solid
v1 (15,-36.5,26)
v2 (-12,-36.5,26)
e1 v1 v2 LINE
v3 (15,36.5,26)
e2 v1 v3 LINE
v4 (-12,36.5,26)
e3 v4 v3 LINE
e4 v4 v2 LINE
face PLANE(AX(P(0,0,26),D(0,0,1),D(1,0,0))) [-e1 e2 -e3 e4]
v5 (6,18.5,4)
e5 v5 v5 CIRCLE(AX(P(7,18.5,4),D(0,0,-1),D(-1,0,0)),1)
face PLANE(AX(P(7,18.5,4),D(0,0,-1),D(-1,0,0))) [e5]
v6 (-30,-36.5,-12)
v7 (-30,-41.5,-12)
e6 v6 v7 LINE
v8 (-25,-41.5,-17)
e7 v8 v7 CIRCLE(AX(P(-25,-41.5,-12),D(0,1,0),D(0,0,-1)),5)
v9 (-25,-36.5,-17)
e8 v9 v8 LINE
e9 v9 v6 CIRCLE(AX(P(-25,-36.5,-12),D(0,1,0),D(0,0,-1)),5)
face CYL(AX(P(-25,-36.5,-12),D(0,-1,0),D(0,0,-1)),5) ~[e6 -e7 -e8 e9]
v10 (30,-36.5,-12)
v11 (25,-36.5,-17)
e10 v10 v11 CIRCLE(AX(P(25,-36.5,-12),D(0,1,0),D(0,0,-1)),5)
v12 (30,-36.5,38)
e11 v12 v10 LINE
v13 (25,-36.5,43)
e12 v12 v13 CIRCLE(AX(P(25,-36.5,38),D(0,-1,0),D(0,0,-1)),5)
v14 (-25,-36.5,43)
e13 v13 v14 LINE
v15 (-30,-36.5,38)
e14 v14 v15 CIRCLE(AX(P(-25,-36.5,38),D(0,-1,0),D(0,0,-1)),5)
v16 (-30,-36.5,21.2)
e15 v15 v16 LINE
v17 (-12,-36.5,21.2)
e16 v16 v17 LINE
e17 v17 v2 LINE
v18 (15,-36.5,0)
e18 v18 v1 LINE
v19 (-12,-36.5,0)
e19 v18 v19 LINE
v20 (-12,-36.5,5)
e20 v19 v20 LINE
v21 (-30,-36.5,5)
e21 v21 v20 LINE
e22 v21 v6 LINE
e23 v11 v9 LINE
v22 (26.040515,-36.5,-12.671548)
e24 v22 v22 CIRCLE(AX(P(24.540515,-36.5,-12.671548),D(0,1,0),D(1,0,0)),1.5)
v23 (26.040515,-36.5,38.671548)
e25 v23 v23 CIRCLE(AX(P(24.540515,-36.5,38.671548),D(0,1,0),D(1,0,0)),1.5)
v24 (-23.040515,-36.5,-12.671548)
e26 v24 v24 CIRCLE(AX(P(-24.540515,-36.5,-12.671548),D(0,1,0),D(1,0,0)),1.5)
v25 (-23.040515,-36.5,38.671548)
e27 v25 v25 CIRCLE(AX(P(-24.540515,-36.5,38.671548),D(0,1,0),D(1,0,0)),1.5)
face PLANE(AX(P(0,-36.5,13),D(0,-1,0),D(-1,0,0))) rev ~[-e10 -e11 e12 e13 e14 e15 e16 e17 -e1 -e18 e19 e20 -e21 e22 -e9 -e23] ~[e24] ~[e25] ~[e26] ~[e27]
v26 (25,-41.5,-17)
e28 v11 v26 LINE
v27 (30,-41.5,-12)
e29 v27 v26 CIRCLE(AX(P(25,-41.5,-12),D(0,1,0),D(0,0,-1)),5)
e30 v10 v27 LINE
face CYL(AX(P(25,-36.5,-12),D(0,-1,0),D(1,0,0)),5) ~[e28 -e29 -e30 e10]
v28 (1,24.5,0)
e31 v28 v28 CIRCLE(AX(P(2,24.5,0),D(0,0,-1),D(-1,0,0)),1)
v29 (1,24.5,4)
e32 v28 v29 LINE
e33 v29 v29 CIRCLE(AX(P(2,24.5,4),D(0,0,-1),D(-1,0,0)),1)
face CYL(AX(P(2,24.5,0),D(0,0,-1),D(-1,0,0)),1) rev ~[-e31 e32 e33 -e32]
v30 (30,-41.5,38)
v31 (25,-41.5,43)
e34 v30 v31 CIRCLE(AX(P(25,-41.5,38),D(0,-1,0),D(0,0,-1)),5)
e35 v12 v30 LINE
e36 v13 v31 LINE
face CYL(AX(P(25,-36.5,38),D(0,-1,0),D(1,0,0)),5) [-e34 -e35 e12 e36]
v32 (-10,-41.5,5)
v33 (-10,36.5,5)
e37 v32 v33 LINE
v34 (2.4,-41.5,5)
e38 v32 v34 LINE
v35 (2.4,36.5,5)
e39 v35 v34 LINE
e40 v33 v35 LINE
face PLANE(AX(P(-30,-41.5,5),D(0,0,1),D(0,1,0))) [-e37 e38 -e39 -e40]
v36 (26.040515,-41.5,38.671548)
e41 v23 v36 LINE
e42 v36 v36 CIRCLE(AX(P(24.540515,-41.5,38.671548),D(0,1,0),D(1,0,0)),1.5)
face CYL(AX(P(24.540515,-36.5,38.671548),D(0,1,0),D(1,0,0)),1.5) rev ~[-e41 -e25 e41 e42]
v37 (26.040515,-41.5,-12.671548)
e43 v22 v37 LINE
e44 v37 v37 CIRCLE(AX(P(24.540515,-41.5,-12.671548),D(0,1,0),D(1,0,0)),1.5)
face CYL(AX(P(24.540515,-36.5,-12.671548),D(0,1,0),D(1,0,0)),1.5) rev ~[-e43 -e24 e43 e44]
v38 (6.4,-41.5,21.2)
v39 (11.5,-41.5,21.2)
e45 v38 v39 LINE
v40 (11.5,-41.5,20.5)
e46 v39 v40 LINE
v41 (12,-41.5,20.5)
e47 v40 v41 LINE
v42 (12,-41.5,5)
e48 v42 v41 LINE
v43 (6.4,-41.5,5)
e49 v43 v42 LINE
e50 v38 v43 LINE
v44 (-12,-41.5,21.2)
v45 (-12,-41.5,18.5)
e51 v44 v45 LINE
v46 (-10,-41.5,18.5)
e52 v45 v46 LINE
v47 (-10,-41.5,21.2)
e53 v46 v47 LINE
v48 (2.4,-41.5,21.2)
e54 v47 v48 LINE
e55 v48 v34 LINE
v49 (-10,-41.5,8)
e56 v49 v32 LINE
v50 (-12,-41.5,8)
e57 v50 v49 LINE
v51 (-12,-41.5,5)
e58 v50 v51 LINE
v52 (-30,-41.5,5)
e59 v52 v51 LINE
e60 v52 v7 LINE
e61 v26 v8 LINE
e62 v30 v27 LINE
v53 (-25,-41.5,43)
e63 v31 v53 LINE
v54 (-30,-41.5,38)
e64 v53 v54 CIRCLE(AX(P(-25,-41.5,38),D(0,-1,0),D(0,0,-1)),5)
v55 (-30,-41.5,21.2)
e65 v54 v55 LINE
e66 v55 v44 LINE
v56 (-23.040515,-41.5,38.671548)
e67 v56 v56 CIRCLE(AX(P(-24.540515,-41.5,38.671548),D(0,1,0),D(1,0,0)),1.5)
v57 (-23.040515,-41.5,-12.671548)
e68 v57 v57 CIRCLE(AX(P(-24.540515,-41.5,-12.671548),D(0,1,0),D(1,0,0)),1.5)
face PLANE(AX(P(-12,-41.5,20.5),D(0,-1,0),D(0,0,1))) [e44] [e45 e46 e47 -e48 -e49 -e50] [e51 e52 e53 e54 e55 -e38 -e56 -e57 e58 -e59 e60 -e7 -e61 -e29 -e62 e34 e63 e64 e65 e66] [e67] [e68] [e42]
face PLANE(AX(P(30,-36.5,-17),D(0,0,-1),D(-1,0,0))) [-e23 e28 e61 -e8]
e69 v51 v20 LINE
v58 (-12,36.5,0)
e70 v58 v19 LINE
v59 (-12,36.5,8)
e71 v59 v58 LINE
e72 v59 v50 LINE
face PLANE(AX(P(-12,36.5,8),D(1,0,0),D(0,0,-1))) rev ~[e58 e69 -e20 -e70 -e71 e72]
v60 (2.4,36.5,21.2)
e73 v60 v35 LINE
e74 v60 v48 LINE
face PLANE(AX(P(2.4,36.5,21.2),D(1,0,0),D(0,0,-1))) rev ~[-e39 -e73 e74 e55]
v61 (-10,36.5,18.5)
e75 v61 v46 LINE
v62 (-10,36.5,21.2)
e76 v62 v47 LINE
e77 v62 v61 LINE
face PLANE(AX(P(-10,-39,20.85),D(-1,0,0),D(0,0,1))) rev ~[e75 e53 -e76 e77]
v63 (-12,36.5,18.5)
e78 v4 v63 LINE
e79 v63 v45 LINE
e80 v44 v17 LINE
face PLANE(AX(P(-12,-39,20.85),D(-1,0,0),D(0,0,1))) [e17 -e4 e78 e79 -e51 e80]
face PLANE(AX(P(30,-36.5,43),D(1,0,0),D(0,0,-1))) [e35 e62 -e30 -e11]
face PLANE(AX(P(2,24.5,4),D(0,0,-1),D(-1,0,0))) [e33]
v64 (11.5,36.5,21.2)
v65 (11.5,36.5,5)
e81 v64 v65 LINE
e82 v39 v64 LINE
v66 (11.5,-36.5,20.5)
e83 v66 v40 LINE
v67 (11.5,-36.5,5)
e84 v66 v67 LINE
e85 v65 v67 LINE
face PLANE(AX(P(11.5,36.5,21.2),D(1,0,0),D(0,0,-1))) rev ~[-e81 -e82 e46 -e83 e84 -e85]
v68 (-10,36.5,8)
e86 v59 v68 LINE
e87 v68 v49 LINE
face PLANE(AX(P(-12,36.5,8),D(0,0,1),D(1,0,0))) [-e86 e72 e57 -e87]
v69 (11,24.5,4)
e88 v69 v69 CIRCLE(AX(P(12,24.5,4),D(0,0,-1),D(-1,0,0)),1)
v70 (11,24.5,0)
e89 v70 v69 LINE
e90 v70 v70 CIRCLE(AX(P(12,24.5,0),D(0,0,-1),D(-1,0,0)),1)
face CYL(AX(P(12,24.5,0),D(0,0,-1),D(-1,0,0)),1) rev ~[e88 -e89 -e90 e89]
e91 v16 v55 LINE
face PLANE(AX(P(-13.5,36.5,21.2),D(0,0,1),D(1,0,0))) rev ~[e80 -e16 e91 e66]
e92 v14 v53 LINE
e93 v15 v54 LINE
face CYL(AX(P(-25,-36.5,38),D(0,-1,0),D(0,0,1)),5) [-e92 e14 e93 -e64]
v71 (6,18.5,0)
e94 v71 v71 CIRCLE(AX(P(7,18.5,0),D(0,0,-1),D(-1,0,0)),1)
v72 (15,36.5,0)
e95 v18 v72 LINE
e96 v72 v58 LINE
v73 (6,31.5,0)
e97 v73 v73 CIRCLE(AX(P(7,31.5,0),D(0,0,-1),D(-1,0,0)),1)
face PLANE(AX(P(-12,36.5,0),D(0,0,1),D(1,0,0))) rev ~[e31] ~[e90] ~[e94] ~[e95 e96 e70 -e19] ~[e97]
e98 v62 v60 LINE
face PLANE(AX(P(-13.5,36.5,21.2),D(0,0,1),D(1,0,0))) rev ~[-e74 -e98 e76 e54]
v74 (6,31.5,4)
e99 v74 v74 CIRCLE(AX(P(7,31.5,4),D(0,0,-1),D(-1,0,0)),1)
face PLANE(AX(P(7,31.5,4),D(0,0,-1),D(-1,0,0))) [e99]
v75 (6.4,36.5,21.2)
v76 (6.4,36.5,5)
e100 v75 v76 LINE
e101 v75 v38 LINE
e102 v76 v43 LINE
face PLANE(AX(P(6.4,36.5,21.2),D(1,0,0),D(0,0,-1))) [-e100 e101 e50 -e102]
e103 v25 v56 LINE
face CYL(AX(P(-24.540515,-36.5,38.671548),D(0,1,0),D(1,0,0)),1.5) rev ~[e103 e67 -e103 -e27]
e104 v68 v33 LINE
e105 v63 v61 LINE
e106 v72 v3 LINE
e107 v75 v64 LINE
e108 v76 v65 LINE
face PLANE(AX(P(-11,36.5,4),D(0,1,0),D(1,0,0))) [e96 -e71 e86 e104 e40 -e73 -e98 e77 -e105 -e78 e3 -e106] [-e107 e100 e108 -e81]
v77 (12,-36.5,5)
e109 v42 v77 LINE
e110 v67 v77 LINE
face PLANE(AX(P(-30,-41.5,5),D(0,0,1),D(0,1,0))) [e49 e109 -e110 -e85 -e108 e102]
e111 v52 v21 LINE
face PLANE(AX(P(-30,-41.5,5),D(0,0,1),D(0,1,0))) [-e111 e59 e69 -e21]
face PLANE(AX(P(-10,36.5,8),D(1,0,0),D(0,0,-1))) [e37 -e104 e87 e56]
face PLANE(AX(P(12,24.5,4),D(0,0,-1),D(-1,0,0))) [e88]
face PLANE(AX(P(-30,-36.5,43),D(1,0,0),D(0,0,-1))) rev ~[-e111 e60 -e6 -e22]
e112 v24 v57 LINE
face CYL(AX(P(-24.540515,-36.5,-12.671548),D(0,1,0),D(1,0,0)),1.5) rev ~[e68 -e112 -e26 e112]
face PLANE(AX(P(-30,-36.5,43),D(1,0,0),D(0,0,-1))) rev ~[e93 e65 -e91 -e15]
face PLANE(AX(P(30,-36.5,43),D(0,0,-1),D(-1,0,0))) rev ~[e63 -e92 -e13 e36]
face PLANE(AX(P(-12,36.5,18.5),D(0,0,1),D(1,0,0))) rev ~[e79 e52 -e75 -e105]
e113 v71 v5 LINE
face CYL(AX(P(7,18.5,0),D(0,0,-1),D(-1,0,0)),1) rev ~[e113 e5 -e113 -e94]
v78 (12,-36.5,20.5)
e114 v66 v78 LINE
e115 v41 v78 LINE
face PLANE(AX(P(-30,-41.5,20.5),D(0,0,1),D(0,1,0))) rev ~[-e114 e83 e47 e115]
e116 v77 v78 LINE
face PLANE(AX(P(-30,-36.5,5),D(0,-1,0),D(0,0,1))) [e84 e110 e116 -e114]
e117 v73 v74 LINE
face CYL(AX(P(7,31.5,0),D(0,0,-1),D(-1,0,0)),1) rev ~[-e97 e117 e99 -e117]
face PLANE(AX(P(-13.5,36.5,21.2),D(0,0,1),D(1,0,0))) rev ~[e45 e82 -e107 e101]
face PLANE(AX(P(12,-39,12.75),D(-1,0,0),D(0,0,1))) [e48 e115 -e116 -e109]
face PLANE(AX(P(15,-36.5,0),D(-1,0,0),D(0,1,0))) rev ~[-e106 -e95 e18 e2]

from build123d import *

# Parameters (mm, degrees)
SKETCH1_W           = 30
SKETCH1_H           = 73
BOSS_EXTRUDE1_DEPTH = 26
SKETCH2_W           = 25
SKETCH2_H           = 16.2
CUT_EXTRUDE1_DEPTH  = 74
SKETCH3_W           = 26
SKETCH3_H           = 24
SKETCH3_H_2         = 16.23422306
CUT_EXTRUDE2_DEPTH  = 5
SKETCH5_W           = 60
SKETCH5_H           = 60
BOSS_EXTRUDE2_DEPTH = 5
FILLET1_R           = 5
SKETCH6_R           = 1.5
CUT_EXTRUDE4_DEPTH  = 5
SKETCH7_R           = 1
CUT_EXTRUDE5_DEPTH  = 4
SKETCH8_W           = 15.5
SKETCH8_H           = 5
CUT_EXTRUDE6_DEPTH  = 42
SKETCH9_W           = 5
SKETCH9_H           = 26
CUT_EXTRUDE7_DEPTH  = 73
SKETCH10_W          = 2
SKETCH10_H          = 8
SKETCH10_H_2        = 7.5
BOSS_EXTRUDE3_DEPTH = 78
SKETCH11_W          = 41.5
SKETCH11_H          = 0.7
CUT_EXTRUDE8_DEPTH  = 6
SKETCH13_W          = 0.7
SKETCH13_H          = 5
BOSS_EXTRUDE5_DEPTH = 2
SKETCH15_W          = 4
SKETCH15_H          = 16.2
BOSS_EXTRUDE6_DEPTH = 78


with BuildPart() as part:
    # Sketch1 → Boss-Extrude1 (new body)
    with BuildSketch(Plane.XY):
        Rectangle(SKETCH1_W, SKETCH1_H)
    extrude(amount=BOSS_EXTRUDE1_DEPTH)

    # Sketch2 → Cut-Extrude1 (cut, through all)
    with BuildSketch(Plane(origin=(0, 36.5, 0), x_dir=(1, 0, 0), z_dir=(0, 1, 0))):
        with Locations((-1, -13.1)):
            Rectangle(SKETCH2_W, SKETCH2_H)
    extrude(amount=-CUT_EXTRUDE1_DEPTH, mode=Mode.SUBTRACT)

    # Sketch3 → Cut-Extrude2 (cut)
    with BuildSketch(Plane.ZY.offset(15)):
        with Locations((13, 21.5)):
            Rectangle(SKETCH3_W, SKETCH3_H)
        with Locations((13, -5.5)):
            Rectangle(SKETCH3_W, SKETCH3_H)
        with Locations((13, -28.61711153)):
            Rectangle(SKETCH3_W, SKETCH3_H_2)
    extrude(amount=-CUT_EXTRUDE2_DEPTH, mode=Mode.SUBTRACT)

    # Sketch5 → Boss-Extrude2 (add)
    with BuildSketch(Plane(origin=(0, -36.5, 0), x_dir=(-1, 0, 0), z_dir=(0, -1, 0))):
        with Locations((0, -13)):
            Rectangle(SKETCH5_W, SKETCH5_H)
    extrude(amount=BOSS_EXTRUDE2_DEPTH)

    # Fillet1
    fillet1_edges = [part.edges().sort_by_distance(p)[0] for p in [
        (30, -39, -17),
        (30, -39, 43),
        (-30, -39, 43),
        (-30, -39, -17),
    ]]
    fillet(fillet1_edges, radius=FILLET1_R)

    # Sketch6 → Cut-Extrude4 (cut)
    with BuildSketch(Plane(origin=(0, -36.5, 0), x_dir=(1, 0, 0), z_dir=(0, 1, 0))):
        with Locations((-24.540514854, 12.671548216)):
            Circle(SKETCH6_R)
        with Locations((24.540514854, 12.671548216)):
            Circle(SKETCH6_R)
        with Locations((-24.540514854, -38.671548216)):
            Circle(SKETCH6_R)
        with Locations((24.540514854, -38.671548216)):
            Circle(SKETCH6_R)
    extrude(amount=-CUT_EXTRUDE4_DEPTH, mode=Mode.SUBTRACT)

    # Sketch7 → Cut-Extrude5 (cut)
    with BuildSketch(Plane(origin=(0, 0, 0), x_dir=(-1, 0, 0), z_dir=(0, 0, -1))):
        with Locations((-7, 31.5)):
            Circle(SKETCH7_R)
        with Locations((-12, 24.5)):
            Circle(SKETCH7_R)
        with Locations((-2, 24.5)):
            Circle(SKETCH7_R)
        with Locations((-7, 18.5)):
            Circle(SKETCH7_R)
    extrude(amount=-CUT_EXTRUDE5_DEPTH, mode=Mode.SUBTRACT)

    # Sketch8 → Cut-Extrude6 (cut)
    with BuildSketch(Plane.ZY.offset(30)):
        with Locations((12.75, -39)):
            Rectangle(SKETCH8_W, SKETCH8_H)
    extrude(amount=-CUT_EXTRUDE6_DEPTH, mode=Mode.SUBTRACT)

    # Sketch9 → Cut-Extrude7 (cut)
    with BuildSketch(Plane(origin=(0, 36.5, 0), x_dir=(1, 0, 0), z_dir=(0, 1, 0))):
        with Locations((-12.5, -13)):
            Rectangle(SKETCH9_W, SKETCH9_H)
    extrude(amount=-CUT_EXTRUDE7_DEPTH, mode=Mode.SUBTRACT)

    # Sketch10 → Boss-Extrude3 (add)
    with BuildSketch(Plane(origin=(0, 36.5, 0), x_dir=(1, 0, 0), z_dir=(0, 1, 0))):
        with Locations((-11, -4)):
            Rectangle(SKETCH10_W, SKETCH10_H)
        with Locations((-11, -22.25)):
            Rectangle(SKETCH10_W, SKETCH10_H_2)
    extrude(amount=-BOSS_EXTRUDE3_DEPTH)

    # Sketch11 → Cut-Extrude8 (cut, through all)
    with BuildSketch(Plane(origin=(0, -36.5, 0), x_dir=(1, 0, 0), z_dir=(0, 1, 0))):
        with Locations((-9.25, -20.85)):
            Rectangle(SKETCH11_W, SKETCH11_H)
    extrude(amount=-CUT_EXTRUDE8_DEPTH, mode=Mode.SUBTRACT)

    # Sketch13 → Boss-Extrude5 (add)
    with BuildSketch(Plane.ZY.offset(12)):
        with Locations((20.85, -39)):
            Rectangle(SKETCH13_W, SKETCH13_H)
    extrude(amount=-BOSS_EXTRUDE5_DEPTH)

    # Sketch15 → Boss-Extrude6 (add)
    with BuildSketch(Plane(origin=(0, 36.5, 0), x_dir=(1, 0, 0), z_dir=(0, 1, 0))):
        with Locations((4.4, -13.1)):
            Rectangle(SKETCH15_W, SKETCH15_H)
    extrude(amount=-BOSS_EXTRUDE6_DEPTH)


solid = part.part
